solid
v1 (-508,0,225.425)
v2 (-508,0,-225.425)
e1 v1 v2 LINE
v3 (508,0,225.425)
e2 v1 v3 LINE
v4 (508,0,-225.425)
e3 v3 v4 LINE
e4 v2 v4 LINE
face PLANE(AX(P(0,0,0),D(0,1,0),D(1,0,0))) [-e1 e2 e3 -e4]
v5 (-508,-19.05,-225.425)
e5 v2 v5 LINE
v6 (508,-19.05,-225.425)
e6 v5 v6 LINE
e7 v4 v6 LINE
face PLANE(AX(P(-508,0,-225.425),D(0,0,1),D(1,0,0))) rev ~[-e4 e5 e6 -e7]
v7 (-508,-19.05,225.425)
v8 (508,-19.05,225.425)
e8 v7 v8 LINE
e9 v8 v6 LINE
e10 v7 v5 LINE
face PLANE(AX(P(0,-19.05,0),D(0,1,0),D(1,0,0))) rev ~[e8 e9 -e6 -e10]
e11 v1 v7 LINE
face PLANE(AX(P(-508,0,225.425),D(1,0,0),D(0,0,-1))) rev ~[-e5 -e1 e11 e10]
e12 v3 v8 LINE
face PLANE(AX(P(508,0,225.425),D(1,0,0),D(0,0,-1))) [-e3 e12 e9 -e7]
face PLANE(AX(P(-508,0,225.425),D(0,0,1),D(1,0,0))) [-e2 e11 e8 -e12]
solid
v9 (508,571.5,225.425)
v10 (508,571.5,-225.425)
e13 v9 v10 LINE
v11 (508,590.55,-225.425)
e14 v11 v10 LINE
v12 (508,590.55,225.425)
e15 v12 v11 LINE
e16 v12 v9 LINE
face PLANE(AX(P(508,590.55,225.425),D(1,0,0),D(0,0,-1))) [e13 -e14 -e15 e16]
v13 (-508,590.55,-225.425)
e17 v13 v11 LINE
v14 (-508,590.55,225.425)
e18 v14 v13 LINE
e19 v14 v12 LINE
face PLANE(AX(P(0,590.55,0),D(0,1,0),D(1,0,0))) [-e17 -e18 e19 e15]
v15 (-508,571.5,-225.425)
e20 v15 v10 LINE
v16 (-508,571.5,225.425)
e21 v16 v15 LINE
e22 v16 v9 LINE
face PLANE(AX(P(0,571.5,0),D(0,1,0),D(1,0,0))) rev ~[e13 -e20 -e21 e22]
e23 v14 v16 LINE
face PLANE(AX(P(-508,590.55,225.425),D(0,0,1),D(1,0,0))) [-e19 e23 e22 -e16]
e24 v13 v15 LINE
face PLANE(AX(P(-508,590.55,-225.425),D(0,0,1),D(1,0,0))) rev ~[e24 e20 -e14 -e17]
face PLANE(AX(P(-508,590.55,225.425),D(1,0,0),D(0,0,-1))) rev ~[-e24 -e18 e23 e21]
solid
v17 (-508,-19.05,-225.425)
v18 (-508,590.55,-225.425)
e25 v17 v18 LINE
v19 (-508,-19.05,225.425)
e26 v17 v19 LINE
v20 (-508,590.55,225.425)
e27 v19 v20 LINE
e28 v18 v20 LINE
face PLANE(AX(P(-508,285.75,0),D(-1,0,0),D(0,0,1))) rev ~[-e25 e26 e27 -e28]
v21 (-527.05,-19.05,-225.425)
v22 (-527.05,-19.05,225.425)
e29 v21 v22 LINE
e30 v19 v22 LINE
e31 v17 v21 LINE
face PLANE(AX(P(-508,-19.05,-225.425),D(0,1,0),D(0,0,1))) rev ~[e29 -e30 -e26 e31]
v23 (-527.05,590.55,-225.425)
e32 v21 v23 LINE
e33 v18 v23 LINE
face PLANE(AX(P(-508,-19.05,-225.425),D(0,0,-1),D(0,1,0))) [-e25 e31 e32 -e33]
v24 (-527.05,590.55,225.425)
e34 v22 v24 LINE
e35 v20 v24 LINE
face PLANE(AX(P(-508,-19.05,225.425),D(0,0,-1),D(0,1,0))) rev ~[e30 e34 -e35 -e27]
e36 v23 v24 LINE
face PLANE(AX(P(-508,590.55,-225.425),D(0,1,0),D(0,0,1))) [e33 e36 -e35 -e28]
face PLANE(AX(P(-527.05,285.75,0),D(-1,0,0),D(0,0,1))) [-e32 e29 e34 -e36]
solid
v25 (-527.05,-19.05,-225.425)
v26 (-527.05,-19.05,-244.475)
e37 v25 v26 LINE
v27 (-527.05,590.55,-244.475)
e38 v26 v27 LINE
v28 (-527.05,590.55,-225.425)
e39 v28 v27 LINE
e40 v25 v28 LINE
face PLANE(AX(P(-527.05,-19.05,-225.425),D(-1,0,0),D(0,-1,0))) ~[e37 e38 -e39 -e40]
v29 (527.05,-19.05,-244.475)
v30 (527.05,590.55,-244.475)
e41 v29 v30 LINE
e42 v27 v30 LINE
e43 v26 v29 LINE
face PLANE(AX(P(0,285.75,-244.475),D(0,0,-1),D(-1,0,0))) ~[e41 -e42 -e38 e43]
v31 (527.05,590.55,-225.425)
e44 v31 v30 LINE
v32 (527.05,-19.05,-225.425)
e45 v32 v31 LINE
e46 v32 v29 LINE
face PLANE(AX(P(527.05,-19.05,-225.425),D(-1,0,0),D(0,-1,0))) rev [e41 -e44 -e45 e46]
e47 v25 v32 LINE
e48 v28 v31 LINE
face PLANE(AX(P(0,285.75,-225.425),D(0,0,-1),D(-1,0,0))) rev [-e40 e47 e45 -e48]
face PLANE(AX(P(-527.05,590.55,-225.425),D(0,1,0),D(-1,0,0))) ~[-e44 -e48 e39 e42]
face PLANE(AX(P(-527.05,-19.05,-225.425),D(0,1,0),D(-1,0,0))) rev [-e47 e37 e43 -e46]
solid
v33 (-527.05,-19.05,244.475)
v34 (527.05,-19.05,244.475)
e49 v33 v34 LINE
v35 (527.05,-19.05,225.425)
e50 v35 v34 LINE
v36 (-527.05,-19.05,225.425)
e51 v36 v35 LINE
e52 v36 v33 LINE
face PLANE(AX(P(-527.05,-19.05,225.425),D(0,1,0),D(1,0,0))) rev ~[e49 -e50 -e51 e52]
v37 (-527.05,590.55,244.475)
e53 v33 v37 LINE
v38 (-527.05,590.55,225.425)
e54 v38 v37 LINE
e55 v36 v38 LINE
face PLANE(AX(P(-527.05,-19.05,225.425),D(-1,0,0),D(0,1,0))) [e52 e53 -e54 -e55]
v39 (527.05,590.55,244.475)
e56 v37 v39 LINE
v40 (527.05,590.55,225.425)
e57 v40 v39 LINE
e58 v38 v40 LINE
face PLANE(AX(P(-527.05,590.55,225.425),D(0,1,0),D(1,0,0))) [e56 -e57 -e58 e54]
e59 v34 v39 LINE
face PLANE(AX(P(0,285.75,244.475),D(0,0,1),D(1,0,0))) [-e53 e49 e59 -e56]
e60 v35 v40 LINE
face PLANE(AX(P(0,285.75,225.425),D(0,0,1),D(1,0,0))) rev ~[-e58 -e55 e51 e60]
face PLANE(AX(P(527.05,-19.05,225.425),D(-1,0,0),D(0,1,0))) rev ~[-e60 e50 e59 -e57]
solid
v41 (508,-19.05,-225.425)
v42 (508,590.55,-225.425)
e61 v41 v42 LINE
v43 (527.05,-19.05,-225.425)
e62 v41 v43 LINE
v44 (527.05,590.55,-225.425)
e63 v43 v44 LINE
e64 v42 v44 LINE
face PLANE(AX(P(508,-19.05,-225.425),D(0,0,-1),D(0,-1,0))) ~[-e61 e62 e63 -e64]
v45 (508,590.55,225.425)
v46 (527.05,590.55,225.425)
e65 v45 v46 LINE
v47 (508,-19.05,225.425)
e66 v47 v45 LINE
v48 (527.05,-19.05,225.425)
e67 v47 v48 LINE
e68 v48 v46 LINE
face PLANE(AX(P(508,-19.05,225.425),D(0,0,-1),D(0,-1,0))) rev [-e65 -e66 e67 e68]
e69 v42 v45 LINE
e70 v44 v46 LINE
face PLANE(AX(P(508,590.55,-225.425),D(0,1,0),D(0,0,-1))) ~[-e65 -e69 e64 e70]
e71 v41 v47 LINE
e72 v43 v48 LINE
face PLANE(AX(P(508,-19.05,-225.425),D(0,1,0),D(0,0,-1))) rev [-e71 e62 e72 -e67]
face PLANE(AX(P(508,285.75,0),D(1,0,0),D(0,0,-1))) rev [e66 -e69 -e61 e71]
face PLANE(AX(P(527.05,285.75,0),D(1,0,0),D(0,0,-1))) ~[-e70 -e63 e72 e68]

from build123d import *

# Parameters (mm, degrees)
SKETCH1_W           = 1016
SKETCH1_H           = 450.85
BOTTOM_DEPTH        = 19.05
SKETCH2_W           = 450.85
SKETCH2_H           = 609.6
SIDE_DEPTH          = 19.05
SKETCH6_W           = 1054.1
SKETCH6_H           = 609.6
BOSS_EXTRUDE5_DEPTH = 19.05
SKETCH8_W           = 1016
SKETCH8_H           = 450.85
BOSS_EXTRUDE6_DEPTH = 19.05


with BuildPart() as part:
    # Sketch1 → bottom (new body)
    with BuildSketch(Plane(origin=(0, 0, 0), x_dir=(1, 0, 0), z_dir=(0, 1, 0))):
        Rectangle(SKETCH1_W, SKETCH1_H)
    extrude(amount=-BOTTOM_DEPTH)


with BuildPart() as body_2:
    # Sketch2 → side (new body)
    with BuildSketch(Plane.ZY.offset(508)):
        with Locations((0, 285.75)):
            Rectangle(SKETCH2_W, SKETCH2_H)
    extrude(amount=SIDE_DEPTH)


with BuildPart() as body_3:
    # Mirror4: mirrored copy
    add(body_2.part.mirror(Plane(origin=(0, 0, 0), x_dir=(0, 0, 1), z_dir=(1, 0, 0))))


with BuildPart() as body_4:
    # Sketch6 → Boss-Extrude5 (new body)
    with BuildSketch(Plane.XY.offset(225.425)):
        with Locations((0, 285.75)):
            Rectangle(SKETCH6_W, SKETCH6_H)
    extrude(amount=BOSS_EXTRUDE5_DEPTH)


with BuildPart() as body_5:
    # Mirror5: mirrored copy
    add(body_4.part.mirror(Plane.XY))


with BuildPart() as body_6:
    # Sketch8 → Boss-Extrude6 (new body)
    with BuildSketch(Plane(origin=(0, 590.55, 0), x_dir=(1, 0, 0), z_dir=(0, 1, 0))):
        Rectangle(SKETCH8_W, SKETCH8_H)
    extrude(amount=-BOSS_EXTRUDE6_DEPTH)


solid = Compound([part.part, body_2.part, body_3.part, body_4.part, body_5.part, body_6.part])
